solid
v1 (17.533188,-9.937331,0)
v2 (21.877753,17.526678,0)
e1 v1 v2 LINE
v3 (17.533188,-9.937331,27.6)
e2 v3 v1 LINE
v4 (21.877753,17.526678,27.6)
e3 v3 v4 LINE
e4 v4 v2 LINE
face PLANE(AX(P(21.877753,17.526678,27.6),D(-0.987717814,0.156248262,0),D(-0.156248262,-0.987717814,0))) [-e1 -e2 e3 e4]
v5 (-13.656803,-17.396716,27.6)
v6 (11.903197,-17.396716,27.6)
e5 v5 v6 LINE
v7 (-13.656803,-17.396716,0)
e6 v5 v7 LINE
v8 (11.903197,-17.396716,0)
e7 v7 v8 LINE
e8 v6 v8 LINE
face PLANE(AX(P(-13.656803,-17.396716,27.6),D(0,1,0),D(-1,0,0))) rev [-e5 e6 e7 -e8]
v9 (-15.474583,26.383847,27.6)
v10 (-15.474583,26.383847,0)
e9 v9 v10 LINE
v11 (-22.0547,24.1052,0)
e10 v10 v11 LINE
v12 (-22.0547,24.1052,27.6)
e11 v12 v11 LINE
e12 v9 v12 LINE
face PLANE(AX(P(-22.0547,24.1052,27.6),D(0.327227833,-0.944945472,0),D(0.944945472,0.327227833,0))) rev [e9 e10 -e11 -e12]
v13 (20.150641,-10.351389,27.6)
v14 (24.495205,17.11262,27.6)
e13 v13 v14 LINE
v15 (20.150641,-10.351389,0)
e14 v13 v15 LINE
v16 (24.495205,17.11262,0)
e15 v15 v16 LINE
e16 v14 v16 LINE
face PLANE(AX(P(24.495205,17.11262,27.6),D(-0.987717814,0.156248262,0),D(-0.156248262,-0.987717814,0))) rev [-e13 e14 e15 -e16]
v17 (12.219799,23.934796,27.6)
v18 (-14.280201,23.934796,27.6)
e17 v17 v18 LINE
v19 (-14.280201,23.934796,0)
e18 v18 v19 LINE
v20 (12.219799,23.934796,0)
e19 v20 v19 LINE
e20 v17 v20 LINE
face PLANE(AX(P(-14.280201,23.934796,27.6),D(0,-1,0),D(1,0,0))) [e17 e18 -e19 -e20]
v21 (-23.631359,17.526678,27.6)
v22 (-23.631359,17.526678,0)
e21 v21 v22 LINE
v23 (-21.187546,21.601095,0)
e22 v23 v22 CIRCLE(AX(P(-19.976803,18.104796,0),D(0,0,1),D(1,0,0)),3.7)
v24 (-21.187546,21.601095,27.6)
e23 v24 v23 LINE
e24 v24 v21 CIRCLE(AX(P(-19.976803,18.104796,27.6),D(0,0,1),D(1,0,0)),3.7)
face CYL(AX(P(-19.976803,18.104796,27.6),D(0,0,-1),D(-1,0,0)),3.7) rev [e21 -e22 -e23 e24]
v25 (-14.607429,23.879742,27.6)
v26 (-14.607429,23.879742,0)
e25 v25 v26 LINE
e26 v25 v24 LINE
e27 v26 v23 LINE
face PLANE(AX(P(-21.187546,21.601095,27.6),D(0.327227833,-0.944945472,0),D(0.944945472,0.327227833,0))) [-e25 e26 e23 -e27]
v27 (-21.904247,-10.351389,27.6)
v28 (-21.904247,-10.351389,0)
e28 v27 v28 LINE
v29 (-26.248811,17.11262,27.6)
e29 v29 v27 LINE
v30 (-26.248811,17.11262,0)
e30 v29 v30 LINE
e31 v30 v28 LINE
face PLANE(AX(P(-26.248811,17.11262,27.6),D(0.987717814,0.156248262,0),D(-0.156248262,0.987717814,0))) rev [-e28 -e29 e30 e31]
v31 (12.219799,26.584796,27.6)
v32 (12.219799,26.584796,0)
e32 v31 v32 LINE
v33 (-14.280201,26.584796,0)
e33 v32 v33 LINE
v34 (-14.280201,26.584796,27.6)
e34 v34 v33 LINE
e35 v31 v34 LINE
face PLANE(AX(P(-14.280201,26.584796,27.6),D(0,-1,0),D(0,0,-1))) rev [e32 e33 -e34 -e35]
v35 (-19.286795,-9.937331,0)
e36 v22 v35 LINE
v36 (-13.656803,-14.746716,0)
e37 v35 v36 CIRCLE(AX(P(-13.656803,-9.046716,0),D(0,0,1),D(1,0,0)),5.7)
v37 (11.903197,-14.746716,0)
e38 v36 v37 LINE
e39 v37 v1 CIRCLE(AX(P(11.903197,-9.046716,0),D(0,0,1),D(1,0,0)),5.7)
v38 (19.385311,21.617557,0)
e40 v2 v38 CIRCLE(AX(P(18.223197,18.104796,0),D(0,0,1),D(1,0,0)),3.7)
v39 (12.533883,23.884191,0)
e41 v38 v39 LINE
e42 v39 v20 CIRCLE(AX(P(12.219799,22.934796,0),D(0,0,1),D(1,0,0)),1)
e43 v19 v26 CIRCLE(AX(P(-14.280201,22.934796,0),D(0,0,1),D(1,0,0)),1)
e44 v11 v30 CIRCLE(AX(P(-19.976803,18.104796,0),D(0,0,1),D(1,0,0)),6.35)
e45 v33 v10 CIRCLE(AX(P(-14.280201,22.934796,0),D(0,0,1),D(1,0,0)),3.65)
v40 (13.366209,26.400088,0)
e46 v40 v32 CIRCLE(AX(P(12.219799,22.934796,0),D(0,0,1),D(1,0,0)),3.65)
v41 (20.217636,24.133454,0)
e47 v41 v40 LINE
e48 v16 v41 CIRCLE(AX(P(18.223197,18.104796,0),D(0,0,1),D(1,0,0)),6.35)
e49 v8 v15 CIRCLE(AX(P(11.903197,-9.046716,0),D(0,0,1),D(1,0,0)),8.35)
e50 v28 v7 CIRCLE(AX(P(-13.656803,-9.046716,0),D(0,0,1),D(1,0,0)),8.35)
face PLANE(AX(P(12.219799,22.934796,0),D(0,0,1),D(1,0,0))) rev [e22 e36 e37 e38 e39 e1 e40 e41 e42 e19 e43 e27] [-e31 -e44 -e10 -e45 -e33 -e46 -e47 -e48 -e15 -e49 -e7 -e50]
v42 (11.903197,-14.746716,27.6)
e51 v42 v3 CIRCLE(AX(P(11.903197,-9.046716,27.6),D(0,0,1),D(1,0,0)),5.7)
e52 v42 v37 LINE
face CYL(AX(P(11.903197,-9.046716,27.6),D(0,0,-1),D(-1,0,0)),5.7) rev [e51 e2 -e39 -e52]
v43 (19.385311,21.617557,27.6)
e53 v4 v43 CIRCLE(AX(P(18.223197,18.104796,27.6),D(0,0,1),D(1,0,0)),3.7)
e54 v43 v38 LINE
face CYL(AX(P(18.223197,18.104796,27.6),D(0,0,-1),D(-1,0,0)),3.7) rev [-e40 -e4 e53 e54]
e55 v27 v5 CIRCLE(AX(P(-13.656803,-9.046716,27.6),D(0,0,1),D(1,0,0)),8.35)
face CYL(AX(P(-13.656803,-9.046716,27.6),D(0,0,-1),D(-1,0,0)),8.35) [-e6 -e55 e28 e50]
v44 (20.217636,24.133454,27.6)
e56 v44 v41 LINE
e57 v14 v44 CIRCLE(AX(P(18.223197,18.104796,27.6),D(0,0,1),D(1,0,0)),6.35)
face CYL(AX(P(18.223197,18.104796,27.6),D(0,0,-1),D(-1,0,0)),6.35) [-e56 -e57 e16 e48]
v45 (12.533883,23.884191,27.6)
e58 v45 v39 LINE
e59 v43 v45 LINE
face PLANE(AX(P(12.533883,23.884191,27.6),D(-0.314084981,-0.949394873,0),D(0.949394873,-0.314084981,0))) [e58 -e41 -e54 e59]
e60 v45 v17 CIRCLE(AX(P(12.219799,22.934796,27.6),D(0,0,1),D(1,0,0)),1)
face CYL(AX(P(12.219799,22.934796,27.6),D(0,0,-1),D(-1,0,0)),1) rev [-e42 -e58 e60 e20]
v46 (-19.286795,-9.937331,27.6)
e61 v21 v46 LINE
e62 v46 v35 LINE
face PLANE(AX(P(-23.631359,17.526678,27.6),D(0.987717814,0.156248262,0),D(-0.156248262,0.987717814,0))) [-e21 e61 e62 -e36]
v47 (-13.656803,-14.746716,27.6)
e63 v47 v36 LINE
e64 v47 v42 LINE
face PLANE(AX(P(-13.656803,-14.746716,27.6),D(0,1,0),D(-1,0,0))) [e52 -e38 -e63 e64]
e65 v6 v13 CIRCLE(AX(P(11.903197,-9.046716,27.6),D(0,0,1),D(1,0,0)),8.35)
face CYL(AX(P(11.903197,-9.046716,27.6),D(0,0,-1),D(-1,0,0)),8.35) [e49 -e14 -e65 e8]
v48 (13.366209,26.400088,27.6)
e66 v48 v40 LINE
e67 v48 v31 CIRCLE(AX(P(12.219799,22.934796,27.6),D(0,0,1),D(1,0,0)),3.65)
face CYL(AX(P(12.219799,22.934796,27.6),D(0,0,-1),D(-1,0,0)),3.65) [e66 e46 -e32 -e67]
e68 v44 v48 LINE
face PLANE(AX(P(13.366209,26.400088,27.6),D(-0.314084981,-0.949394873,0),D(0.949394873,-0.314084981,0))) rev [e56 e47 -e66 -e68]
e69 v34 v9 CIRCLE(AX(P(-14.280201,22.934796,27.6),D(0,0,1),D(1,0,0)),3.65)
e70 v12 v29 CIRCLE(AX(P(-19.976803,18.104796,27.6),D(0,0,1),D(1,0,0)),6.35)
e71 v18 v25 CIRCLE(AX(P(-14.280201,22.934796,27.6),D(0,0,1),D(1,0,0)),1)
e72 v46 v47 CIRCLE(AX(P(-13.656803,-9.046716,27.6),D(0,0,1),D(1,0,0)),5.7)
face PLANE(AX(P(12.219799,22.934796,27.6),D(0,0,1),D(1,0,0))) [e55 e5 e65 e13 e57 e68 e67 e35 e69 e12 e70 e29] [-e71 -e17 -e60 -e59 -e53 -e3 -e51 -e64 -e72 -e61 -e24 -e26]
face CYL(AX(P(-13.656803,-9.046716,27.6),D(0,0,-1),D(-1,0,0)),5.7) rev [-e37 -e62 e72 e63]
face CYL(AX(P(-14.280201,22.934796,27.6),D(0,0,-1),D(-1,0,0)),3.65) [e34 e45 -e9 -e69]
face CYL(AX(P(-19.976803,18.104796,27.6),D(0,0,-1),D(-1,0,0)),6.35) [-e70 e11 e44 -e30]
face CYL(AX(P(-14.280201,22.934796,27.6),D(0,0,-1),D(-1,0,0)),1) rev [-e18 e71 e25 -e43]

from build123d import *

# Parameters (mm, degrees)
EXTRUDE_1_DEPTH = 27.6


with BuildPart() as part:
    # 草图1 → 凸台-拉伸1 (new body)
    with BuildSketch(Plane.XY):
        with BuildLine():
            Line((13.366208682, 26.400087715), (20.217636418, 24.133453872))
            ThreePointArc((20.217636418, 24.133453872), (23.645978989, 21.408723367), (24.49520491, 17.112619964))
            Line((24.49520491, 17.112619964), (20.150640538, -10.351388685))
            ThreePointArc((20.150640538, -10.351388685), (17.326686466, -15.395594315), (11.903196789, -17.396715696))
            Line((11.903196789, -17.396715696), (-13.656803211, -17.396715696))
            ThreePointArc((-13.656803211, -17.396715696), (-19.080292887, -15.395594315), (-21.90424696, -10.351388685))
            Line((-21.90424696, -10.351388685), (-26.248811331, 17.112619964))
            ThreePointArc((-26.248811331, 17.112619964), (-25.422376853, 21.371021729), (-22.054699947, 24.105200178))
            Line((-22.054699947, 24.105200178), (-15.474583087, 26.383847403))
            ThreePointArc((-15.474583087, 26.383847403), (-14.885785491, 26.534208607), (-14.280201498, 26.584796429))
            Line((-14.280201498, 26.584796429), (12.219798502, 26.584796429))
            ThreePointArc((12.219798502, 26.584796429), (12.800395955, 26.538323396), (13.366208682, 26.400087715))
        make_face()
        with BuildLine():
            Line((12.533883483, 23.884191302), (19.385311219, 21.617557459))
            ThreePointArc((19.385311219, 21.617557459), (21.38292815, 20.029919212), (21.877752702, 17.526677859))
            Line((21.877752702, 17.526677859), (17.53318833, -9.93733079))
            ThreePointArc((17.53318833, -9.93733079), (15.605459203, -13.380680741), (11.903196789, -14.746715696))
            Line((11.903196789, -14.746715696), (-13.656803211, -14.746715696))
            ThreePointArc((-13.656803211, -14.746715696), (-17.359065624, -13.380680741), (-19.286794752, -9.93733079))
            Line((-19.286794752, -9.93733079), (-23.631359123, 17.526677859))
            ThreePointArc((-23.631359123, 17.526677859), (-23.149814624, 20.007951328), (-21.187546191, 21.601094677))
            Line((-21.187546191, 21.601094677), (-14.60742933, 23.879741901))
            ThreePointArc((-14.60742933, 23.879741901), (-14.446114921, 23.920936752), (-14.280201498, 23.934796429))
            Line((-14.280201498, 23.934796429), (12.219798502, 23.934796429))
            ThreePointArc((12.219798502, 23.934796429), (12.378866298, 23.922064091), (12.533883483, 23.884191302))
        make_face(mode=Mode.SUBTRACT)
    extrude(amount=EXTRUDE_1_DEPTH)


solid = part.part
